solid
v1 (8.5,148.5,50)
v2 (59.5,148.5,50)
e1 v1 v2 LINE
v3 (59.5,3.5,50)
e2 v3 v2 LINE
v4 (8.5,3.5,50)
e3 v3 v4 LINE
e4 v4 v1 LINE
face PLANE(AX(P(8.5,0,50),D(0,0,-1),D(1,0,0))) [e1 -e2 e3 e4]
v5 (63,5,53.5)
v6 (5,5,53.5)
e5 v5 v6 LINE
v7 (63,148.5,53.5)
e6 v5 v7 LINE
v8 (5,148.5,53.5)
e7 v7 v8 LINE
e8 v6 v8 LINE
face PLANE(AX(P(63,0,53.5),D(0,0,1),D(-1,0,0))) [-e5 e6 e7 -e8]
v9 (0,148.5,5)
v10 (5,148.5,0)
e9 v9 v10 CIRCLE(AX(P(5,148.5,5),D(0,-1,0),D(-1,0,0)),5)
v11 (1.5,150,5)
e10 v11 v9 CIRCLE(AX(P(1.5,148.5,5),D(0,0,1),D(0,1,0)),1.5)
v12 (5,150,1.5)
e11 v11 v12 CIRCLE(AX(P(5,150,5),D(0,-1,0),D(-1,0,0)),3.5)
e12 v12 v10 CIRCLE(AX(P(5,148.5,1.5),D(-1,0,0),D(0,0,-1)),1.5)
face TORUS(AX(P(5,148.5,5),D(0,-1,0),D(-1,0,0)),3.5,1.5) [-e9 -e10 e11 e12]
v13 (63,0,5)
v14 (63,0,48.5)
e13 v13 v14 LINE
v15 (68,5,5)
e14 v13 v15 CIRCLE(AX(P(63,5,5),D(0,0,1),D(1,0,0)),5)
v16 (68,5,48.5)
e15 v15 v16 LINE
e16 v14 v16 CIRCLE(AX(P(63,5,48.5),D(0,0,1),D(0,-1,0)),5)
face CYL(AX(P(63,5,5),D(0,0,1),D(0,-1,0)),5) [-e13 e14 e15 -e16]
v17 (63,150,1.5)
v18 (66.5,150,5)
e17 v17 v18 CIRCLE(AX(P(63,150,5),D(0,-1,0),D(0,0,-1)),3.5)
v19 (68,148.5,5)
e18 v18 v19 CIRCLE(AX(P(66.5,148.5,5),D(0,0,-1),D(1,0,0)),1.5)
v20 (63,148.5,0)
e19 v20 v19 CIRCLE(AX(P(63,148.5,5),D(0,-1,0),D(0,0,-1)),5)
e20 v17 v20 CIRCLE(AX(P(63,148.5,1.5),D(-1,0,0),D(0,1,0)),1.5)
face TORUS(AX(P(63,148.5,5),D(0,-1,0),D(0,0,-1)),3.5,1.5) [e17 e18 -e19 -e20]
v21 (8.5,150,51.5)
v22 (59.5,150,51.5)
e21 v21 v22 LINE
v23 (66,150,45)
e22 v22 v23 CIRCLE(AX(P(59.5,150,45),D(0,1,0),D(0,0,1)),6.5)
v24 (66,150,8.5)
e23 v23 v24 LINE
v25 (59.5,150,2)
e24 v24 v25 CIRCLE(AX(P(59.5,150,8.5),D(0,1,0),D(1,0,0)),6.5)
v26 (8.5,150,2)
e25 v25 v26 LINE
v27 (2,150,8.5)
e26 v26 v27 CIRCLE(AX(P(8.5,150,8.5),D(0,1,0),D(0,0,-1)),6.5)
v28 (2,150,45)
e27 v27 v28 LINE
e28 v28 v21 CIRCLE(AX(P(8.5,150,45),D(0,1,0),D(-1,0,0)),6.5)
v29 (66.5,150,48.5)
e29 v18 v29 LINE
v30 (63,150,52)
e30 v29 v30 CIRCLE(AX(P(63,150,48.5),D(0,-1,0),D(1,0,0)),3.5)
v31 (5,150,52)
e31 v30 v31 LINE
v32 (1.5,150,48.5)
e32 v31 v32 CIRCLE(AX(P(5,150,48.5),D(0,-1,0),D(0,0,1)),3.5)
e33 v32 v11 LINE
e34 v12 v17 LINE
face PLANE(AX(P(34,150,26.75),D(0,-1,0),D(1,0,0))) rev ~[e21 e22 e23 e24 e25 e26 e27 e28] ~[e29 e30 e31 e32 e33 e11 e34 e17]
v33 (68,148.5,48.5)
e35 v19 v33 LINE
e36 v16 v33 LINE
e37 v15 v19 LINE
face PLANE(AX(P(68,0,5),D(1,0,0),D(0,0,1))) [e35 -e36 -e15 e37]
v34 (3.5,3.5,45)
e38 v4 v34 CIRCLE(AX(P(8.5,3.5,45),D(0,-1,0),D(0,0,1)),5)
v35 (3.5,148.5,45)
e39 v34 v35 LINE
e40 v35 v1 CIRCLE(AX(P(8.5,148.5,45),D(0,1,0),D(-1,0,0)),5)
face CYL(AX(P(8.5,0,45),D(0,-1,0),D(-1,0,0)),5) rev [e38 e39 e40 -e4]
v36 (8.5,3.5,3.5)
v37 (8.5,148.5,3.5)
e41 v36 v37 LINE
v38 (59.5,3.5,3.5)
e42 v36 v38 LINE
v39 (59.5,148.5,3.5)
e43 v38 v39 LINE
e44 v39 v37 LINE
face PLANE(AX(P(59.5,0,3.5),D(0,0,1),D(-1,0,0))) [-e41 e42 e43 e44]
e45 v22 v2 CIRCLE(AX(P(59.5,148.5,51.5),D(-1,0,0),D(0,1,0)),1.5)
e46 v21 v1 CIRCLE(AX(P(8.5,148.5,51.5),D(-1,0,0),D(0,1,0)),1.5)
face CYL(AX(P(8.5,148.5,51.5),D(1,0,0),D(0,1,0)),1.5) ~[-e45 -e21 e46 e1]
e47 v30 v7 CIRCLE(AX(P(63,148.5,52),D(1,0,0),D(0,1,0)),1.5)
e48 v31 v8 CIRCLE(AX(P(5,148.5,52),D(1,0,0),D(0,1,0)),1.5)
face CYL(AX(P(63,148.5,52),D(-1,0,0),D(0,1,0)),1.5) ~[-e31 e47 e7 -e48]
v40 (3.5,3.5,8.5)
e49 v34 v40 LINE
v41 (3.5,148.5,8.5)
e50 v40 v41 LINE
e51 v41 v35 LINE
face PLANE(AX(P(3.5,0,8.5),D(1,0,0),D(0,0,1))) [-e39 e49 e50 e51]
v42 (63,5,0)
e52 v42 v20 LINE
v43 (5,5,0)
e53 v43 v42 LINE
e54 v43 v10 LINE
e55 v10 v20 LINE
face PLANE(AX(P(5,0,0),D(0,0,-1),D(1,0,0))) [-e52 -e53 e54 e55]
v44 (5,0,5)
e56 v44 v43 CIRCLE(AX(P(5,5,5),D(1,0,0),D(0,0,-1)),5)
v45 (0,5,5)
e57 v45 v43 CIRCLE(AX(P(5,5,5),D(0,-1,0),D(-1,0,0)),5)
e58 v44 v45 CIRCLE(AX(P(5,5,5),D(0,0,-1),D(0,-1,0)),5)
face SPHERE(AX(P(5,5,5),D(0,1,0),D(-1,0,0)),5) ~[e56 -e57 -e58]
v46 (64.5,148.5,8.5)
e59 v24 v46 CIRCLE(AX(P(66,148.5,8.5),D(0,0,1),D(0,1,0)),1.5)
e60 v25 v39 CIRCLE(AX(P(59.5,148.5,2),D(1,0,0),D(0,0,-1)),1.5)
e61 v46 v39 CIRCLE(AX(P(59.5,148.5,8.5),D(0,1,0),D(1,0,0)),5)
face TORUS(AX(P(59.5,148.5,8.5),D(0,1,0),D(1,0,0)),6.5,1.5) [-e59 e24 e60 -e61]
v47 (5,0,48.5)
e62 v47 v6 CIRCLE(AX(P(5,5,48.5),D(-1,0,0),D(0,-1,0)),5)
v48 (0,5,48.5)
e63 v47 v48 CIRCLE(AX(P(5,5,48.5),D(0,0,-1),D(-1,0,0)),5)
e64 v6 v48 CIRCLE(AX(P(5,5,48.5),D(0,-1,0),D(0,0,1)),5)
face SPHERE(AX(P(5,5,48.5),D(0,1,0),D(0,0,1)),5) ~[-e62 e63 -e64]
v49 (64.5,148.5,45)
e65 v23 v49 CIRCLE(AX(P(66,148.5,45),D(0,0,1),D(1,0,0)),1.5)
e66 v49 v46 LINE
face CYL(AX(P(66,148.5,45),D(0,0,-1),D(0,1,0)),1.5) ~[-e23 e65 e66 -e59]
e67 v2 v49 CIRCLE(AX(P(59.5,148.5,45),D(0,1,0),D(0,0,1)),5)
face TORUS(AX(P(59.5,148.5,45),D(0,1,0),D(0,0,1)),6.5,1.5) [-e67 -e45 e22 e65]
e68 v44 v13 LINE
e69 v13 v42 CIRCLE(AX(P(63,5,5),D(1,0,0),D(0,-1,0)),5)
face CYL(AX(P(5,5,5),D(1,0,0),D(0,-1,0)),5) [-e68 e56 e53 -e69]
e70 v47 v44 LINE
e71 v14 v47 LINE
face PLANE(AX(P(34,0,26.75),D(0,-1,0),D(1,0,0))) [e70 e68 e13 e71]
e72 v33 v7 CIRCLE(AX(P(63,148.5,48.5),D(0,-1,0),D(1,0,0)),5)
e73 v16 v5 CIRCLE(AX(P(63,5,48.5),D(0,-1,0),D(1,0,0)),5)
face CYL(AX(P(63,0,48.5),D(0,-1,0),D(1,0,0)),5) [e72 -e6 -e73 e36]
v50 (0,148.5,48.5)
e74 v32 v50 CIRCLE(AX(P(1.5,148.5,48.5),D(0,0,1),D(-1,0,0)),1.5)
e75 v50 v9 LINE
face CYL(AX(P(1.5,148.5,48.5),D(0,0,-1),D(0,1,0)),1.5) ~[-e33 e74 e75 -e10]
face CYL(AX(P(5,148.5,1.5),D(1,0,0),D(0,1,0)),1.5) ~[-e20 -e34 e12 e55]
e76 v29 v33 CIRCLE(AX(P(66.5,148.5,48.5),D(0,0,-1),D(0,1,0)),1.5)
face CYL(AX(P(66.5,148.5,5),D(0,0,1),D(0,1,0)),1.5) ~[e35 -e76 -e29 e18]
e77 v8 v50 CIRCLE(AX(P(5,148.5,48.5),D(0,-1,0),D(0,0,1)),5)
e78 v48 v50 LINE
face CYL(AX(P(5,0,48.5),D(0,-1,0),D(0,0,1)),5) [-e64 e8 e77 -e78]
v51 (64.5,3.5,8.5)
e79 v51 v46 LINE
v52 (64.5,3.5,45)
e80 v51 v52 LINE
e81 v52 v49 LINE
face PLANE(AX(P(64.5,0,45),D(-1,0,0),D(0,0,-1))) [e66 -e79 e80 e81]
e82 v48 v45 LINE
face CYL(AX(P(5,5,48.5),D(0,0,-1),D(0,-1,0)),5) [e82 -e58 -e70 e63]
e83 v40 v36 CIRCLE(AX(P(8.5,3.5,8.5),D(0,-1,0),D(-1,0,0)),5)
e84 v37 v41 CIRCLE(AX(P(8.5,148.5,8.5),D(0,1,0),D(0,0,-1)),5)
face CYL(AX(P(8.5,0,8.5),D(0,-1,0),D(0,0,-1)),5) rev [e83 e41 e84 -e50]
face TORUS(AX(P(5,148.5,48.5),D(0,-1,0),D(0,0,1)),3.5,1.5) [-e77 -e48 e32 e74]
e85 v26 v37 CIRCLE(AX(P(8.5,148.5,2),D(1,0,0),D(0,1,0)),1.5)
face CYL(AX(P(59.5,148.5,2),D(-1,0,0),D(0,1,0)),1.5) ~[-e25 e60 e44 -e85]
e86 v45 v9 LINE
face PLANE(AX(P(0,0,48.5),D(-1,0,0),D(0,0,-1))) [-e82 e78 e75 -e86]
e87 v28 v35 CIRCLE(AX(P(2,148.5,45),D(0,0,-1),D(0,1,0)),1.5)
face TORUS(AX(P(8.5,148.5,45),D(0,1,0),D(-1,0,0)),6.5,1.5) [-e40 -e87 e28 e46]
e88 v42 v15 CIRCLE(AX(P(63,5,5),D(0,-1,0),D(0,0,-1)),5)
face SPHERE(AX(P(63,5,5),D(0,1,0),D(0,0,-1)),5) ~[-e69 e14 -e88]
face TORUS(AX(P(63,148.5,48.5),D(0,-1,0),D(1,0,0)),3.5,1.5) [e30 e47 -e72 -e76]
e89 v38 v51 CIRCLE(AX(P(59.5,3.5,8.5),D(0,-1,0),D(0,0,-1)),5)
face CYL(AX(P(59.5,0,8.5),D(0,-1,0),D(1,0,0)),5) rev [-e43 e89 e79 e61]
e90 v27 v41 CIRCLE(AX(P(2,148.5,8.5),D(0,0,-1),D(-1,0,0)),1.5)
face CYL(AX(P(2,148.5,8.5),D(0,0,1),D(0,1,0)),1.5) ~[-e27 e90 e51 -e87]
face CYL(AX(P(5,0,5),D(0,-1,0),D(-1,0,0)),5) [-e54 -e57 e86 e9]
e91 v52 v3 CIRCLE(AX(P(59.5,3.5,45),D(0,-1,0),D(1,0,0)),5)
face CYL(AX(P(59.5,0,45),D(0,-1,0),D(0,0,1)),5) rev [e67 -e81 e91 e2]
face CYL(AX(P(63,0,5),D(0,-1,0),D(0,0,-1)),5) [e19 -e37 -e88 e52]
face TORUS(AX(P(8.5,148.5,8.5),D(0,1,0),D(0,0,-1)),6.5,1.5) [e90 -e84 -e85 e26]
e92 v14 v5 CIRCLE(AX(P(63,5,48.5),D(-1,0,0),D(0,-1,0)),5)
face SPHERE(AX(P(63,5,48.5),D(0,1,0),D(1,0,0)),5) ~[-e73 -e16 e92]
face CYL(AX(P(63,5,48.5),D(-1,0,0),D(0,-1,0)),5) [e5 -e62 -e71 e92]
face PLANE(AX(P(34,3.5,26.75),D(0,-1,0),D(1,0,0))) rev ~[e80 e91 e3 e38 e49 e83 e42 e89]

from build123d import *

# Parameters (mm, degrees)
F1_DEPTH = 3.5
F2_DEPTH = 150
F3_R     = 5
F4_R     = 1.5


with BuildPart() as f1:
    # F0 (on Front) → F1 (new body)
    with BuildSketch(Plane.XZ):
        with BuildLine():
            ThreePointArc((3.5, 8.5), (4.9644660941, 4.9644660941), (8.5, 3.5))
            Line((8.5, 3.5), (59.5, 3.5))
            ThreePointArc((59.5, 3.5), (63.0355339059, 4.9644660941), (64.5, 8.5))
            Line((64.5, 8.5), (64.5, 45))
            ThreePointArc((64.5, 45), (63.0355339059, 48.5355339059), (59.5, 50))
            Line((59.5, 50), (8.5, 50))
            ThreePointArc((8.5, 50), (4.9644660941, 48.5355339059), (3.5, 45))
            Line((3.5, 45), (3.5, 8.5))
        make_face()
    extrude(amount=-F1_DEPTH)

    # F0 (on Front) → F2 (join)
    with BuildSketch(Plane.XZ):
        with BuildLine():
            ThreePointArc((0, 5), (1.4644660941, 1.4644660941), (5, 0))
            Line((5, 0), (63, 0))
            ThreePointArc((63, 0), (66.5355339059, 1.4644660941), (68, 5))
            Line((68, 5), (68, 48.5))
            ThreePointArc((68, 48.5), (66.5355339059, 52.0355339059), (63, 53.5))
            Line((63, 53.5), (5, 53.5))
            ThreePointArc((5, 53.5), (1.4644660941, 52.0355339059), (0, 48.5))
            Line((0, 48.5), (0, 5))
        make_face()
        with BuildLine():
            Line((59.5, 3.5), (8.5, 3.5))
            ThreePointArc((8.5, 3.5), (4.9644660941, 4.9644660941), (3.5, 8.5))
            Line((3.5, 8.5), (3.5, 45))
            ThreePointArc((3.5, 45), (4.9644660941, 48.5355339059), (8.5, 50))
            Line((8.5, 50), (59.5, 50))
            ThreePointArc((59.5, 50), (63.0355339059, 48.5355339059), (64.5, 45))
            Line((64.5, 45), (64.5, 8.5))
            ThreePointArc((64.5, 8.5), (63.0355339059, 4.9644660941), (59.5, 3.5))
        make_face(mode=Mode.SUBTRACT)
    extrude(amount=-F2_DEPTH)

    # F3
    f3_edges = [f1.edges().sort_by_distance(p)[0] for p in [
        (34, 0, 53.5),
        (1.464466, 0, 52.035534),
        (0, 0, 26.75),
        (1.464466, 0, 1.464466),
        (34, 0, 0),
        (66.535534, 0, 1.464466),
        (68, 0, 26.75),
        (66.535534, 0, 52.035534),
    ]]
    fillet(f3_edges, radius=F3_R)

    # F4
    f4_edges = [f1.edges().sort_by_distance(p)[0] for p in [
        (34, 150, 53.5),
        (34, 150, 50),
        (1.464466, 150, 52.035534),
        (4.964466, 150, 48.535534),
        (0, 150, 26.75),
        (3.5, 150, 26.75),
        (1.464466, 150, 1.464466),
        (4.964466, 150, 4.964466),
        (34, 150, 3.5),
        (34, 150, 0),
        (66.535534, 150, 1.464466),
        (63.035534, 150, 4.964466),
        (68, 150, 26.75),
        (64.5, 150, 26.75),
        (63.035534, 150, 48.535534),
        (66.535534, 150, 52.035534),
    ]]
    fillet(f4_edges, radius=F4_R)


solid = f1.part
